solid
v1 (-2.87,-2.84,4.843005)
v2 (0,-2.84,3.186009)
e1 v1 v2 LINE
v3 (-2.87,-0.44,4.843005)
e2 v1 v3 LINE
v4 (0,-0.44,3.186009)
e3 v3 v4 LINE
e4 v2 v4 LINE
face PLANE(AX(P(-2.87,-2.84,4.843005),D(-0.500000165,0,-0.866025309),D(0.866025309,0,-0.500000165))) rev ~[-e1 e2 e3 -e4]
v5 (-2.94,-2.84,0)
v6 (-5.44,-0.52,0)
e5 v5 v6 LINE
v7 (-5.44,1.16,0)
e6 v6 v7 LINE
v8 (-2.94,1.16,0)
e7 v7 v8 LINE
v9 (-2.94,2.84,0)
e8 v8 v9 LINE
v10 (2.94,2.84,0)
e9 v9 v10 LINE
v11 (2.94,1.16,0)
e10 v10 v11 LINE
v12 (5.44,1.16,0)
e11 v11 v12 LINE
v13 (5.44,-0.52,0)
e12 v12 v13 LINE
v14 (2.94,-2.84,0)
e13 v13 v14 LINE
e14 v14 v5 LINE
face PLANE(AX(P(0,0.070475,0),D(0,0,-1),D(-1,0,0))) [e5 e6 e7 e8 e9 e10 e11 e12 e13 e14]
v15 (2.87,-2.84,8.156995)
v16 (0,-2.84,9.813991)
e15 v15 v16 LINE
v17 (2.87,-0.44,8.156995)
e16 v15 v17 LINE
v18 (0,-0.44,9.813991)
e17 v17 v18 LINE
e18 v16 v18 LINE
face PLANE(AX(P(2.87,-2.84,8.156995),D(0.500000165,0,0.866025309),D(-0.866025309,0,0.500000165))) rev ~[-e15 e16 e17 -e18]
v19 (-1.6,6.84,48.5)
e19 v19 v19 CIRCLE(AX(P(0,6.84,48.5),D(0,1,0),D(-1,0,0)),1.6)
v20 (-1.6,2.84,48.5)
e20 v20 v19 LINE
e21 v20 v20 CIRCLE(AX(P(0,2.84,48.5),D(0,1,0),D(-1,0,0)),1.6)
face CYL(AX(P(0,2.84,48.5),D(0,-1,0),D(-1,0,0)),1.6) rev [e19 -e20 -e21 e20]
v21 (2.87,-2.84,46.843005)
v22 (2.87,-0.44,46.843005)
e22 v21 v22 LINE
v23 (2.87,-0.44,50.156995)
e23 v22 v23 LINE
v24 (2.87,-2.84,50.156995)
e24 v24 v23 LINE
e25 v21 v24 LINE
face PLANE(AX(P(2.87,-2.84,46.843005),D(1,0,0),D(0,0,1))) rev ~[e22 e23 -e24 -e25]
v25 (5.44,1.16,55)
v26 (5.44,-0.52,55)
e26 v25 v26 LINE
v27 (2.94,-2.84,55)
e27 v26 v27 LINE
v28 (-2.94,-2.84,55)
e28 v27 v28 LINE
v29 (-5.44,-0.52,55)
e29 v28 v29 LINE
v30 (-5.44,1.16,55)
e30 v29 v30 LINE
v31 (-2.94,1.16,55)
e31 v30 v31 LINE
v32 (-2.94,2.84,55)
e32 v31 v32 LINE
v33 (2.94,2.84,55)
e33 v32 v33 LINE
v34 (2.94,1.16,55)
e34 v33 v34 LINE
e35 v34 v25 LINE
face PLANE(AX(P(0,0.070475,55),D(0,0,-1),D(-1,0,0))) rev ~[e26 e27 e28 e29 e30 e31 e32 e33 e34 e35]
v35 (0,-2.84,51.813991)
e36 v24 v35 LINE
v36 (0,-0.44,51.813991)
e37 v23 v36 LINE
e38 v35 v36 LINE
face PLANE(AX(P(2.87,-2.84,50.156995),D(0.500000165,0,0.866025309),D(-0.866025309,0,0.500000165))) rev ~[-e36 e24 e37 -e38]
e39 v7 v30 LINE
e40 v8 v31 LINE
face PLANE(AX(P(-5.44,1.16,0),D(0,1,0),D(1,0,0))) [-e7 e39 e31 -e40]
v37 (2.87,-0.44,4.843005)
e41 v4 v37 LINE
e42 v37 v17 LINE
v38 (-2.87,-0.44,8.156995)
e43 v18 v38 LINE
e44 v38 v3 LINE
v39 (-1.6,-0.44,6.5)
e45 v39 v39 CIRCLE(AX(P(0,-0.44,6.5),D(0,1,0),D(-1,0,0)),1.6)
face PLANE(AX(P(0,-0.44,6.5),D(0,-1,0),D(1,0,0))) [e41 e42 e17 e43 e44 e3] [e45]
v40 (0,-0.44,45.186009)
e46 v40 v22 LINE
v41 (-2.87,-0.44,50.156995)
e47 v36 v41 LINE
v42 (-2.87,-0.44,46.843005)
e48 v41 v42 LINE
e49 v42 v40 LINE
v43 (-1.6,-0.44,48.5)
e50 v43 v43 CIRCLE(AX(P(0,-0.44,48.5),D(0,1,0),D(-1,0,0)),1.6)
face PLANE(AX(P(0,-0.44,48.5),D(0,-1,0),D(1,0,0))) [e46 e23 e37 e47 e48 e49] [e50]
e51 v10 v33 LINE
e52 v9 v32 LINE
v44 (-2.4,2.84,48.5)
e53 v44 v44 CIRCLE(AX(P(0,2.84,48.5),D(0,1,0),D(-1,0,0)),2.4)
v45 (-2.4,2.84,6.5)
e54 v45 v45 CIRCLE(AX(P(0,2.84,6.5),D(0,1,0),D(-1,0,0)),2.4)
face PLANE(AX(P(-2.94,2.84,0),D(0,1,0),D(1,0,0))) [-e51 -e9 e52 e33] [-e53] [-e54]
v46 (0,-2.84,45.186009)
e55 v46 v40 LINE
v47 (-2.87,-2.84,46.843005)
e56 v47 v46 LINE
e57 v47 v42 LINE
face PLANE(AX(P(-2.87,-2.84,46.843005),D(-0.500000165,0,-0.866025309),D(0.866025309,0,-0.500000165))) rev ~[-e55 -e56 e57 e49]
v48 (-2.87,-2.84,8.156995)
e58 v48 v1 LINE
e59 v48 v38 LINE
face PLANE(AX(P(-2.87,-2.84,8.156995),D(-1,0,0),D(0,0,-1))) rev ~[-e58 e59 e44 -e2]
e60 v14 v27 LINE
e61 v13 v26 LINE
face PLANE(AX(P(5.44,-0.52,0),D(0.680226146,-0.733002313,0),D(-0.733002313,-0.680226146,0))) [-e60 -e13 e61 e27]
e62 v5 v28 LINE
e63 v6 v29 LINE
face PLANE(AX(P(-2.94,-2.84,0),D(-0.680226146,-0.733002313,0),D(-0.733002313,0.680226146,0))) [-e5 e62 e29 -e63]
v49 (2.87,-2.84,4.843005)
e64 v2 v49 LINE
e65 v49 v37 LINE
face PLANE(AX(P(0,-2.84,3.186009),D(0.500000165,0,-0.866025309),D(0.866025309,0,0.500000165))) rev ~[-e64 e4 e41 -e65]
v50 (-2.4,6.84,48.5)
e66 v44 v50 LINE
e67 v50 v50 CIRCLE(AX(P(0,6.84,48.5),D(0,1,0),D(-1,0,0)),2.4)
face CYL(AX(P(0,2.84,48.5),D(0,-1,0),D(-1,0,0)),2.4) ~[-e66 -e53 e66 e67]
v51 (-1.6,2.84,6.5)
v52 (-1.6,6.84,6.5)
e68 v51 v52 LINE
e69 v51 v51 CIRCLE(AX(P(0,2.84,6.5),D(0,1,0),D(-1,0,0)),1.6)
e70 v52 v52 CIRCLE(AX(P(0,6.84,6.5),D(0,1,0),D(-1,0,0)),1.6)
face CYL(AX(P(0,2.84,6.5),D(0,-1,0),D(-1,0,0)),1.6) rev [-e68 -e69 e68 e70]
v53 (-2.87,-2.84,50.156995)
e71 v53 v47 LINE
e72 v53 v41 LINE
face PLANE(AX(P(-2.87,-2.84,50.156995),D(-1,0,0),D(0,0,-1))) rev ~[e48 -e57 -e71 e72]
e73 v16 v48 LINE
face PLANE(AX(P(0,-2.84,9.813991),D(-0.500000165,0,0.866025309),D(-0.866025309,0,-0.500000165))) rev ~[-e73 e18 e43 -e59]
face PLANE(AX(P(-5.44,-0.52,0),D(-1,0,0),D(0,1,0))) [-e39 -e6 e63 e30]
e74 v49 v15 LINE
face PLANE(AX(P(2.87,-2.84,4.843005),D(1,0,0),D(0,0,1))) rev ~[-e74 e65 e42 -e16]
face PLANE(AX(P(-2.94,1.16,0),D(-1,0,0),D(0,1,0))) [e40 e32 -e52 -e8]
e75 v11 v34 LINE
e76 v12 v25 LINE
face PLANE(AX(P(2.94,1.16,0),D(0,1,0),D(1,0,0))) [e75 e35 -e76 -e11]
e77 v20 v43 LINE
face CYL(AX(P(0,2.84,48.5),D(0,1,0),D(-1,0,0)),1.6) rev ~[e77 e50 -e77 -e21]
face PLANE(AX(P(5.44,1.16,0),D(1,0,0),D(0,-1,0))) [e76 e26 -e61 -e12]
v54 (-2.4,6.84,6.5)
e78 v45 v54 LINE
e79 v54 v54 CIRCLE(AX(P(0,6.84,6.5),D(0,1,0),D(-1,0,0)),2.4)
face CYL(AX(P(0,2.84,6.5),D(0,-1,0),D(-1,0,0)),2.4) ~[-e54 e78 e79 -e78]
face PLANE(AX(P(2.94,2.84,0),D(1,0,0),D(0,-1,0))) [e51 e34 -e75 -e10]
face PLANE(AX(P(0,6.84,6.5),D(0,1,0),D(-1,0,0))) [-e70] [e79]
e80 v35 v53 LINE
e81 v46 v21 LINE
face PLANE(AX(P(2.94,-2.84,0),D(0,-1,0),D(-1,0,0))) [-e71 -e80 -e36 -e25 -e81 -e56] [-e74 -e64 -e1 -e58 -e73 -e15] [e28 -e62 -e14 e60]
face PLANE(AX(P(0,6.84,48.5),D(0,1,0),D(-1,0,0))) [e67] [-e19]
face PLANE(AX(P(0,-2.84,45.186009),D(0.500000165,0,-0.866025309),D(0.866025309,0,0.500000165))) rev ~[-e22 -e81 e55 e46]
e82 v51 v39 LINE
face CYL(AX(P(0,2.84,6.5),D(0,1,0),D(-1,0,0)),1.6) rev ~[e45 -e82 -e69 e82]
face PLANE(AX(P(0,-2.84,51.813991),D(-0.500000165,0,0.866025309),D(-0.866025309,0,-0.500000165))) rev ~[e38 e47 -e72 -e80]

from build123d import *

# Parameters (mm, degrees)
PAD_DEPTH       = 55
SKETCH001_R     = 1.6
POCKET_DEPTH    = 5.68
POCKET001_DEPTH = 2.4
SKETCH003_R     = 2.4
SKETCH003_R_2   = 1.6
PAD001_DEPTH    = 4


with BuildPart() as part:
    # Sketch → Pad (new body)
    with BuildSketch(Plane.XY):
        Polygon((2.94, -2.84), (-2.94, -2.84), (-5.44, -0.52), (-5.44, 1.16), (-2.94, 1.16), (-2.94, 2.84), (2.94, 2.84), (2.94, 1.16), (5.44, 1.16), (5.44, -0.52), align=None)
    extrude(amount=PAD_DEPTH)

    # Sketch001 (on Face6 of Pad) → Pocket (cut)
    with BuildSketch(Plane(origin=(0, 2.84, 0), x_dir=(-1, 0, 0), z_dir=(0, 1, 0))):
        with Locations((0, 48.5)):
            Circle(SKETCH001_R)
        with Locations((0, 6.5)):
            Circle(SKETCH001_R)
    extrude(amount=-POCKET_DEPTH, mode=Mode.SUBTRACT)

    # Sketch002 (on Face1 of Pocket) → Pocket001 (cut)
    with BuildSketch(Plane.XZ.offset(2.84)):
        Polygon((0, 45.186009), (2.87, 46.843005), (2.87, 50.156995), (0, 51.813991), (-2.87, 50.156995), (-2.87, 46.843005), align=None)
        Polygon((0, 3.186009), (2.87, 4.843005), (2.87, 8.156995), (0, 9.813991), (-2.87, 8.156995), (-2.87, 4.843005), align=None)
    extrude(amount=-POCKET001_DEPTH, mode=Mode.SUBTRACT)

    # Sketch003 (on Face22 of Pocket001) → Pad001 (join)
    with BuildSketch(Plane(origin=(0, 2.84, 0), x_dir=(-1, 0, 0), z_dir=(0, 1, 0))):
        with Locations((0, 6.5)):
            Circle(SKETCH003_R)
        with Locations((0, 6.5)):
            Circle(SKETCH003_R_2, mode=Mode.SUBTRACT)
        with Locations((0, 48.5)):
            Circle(SKETCH003_R)
        with Locations((0, 48.5)):
            Circle(SKETCH003_R_2, mode=Mode.SUBTRACT)
    extrude(amount=PAD001_DEPTH)


solid = part.part
